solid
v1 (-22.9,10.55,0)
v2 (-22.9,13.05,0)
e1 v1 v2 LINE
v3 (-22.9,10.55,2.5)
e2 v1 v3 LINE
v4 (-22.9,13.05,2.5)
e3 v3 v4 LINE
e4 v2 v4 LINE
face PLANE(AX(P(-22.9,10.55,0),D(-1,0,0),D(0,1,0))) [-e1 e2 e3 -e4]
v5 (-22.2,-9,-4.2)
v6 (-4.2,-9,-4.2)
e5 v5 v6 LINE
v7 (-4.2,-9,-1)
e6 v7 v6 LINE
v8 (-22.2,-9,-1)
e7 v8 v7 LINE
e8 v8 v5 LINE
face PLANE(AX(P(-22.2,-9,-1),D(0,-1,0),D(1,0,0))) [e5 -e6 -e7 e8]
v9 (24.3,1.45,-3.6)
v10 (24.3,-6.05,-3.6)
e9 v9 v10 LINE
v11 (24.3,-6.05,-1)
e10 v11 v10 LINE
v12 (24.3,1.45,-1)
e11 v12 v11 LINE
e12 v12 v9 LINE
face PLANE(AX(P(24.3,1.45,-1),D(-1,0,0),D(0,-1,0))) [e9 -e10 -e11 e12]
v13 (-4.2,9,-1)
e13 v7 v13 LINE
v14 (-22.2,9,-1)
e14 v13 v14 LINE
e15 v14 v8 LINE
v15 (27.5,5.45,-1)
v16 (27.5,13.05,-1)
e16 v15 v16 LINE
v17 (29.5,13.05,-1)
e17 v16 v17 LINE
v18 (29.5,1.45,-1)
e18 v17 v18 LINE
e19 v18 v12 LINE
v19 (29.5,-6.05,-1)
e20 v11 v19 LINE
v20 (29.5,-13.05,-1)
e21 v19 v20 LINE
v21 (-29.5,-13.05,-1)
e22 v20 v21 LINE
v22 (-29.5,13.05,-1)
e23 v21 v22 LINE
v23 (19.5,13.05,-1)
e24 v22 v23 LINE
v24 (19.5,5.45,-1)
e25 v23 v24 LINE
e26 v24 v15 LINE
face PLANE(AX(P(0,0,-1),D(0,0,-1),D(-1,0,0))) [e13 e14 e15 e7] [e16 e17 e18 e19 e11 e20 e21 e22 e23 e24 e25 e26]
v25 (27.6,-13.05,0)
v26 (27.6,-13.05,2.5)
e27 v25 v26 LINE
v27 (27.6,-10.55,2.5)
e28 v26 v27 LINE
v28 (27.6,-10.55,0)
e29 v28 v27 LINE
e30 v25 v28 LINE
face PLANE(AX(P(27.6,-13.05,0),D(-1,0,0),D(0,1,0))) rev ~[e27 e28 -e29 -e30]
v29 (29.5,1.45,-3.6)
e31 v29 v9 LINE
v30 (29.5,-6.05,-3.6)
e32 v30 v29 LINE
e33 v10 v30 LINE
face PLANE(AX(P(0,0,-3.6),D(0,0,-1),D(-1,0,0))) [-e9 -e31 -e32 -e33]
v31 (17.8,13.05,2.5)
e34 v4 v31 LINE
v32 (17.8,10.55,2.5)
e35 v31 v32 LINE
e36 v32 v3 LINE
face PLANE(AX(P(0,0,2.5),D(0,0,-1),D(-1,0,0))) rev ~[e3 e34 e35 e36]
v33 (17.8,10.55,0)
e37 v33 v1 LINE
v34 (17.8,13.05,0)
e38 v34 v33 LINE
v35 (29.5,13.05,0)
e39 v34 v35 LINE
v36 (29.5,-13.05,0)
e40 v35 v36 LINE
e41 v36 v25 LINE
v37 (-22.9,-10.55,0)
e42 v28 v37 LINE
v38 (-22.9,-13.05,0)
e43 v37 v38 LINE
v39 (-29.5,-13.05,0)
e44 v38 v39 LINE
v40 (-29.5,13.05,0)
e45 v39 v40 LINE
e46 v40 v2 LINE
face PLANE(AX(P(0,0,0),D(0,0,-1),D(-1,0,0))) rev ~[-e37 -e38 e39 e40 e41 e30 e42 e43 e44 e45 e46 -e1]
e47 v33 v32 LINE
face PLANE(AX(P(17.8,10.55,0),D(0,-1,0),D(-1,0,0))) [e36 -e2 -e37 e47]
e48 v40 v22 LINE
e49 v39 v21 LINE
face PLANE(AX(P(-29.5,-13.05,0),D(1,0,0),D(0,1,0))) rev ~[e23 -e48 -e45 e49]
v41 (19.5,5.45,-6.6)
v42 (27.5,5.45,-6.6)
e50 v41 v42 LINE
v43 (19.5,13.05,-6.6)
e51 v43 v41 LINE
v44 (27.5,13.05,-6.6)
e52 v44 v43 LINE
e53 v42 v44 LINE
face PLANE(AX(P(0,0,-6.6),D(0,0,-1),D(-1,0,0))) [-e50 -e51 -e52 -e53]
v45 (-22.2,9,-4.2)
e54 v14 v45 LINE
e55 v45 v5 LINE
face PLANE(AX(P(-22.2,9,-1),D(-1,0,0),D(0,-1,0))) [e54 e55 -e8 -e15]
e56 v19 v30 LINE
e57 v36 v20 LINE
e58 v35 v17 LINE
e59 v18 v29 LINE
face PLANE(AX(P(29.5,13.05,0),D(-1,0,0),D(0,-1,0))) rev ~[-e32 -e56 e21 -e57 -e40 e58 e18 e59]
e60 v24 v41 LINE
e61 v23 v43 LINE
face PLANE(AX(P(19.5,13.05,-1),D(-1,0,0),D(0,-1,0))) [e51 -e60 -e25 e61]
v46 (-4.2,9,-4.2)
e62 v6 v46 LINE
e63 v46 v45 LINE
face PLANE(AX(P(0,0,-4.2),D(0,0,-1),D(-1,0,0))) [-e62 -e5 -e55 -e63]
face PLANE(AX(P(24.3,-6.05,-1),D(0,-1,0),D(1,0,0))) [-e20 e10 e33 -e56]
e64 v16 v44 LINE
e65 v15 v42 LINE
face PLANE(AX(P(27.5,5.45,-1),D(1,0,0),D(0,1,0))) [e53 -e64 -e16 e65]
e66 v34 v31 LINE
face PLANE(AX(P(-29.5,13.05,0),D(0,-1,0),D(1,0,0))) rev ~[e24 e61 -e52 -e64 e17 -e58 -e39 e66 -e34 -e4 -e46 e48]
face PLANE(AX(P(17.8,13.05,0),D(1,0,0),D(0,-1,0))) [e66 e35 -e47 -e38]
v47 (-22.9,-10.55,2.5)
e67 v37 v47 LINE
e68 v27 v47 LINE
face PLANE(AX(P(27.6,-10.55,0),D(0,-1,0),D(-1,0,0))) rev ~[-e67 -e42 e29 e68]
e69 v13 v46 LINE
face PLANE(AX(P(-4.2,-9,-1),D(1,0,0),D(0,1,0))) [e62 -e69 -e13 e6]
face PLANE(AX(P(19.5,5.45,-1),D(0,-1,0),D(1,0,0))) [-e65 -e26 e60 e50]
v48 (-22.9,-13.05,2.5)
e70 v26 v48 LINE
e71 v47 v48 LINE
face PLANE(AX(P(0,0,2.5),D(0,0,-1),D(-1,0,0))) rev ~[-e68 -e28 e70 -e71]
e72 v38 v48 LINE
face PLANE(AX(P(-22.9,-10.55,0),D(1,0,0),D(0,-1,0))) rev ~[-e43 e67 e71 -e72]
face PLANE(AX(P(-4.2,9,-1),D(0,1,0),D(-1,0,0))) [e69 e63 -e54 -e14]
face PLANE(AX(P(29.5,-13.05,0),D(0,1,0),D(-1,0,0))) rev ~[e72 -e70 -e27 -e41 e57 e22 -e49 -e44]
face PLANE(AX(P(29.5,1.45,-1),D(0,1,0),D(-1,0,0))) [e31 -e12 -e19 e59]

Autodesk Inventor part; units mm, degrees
ref_plane "YZ Plane" through (0, 0, 0) normal (1, 0, 0) x (0, 1, 0)
ref_plane "XZ Plane" through (0, 0, 0) normal (0, 1, 0) x (-1, 0, 0)
ref_plane "Arbeitsebene1" through (0, 0, 0) normal (0, 0, -1) x (-1, 0, 0)
sketch "Skizze5" plane through (0, 0, 0) normal (0, 0, -1) x (-1, 0, 0)
  line L0 (29.5, 13.05) -> (-29.5, 13.05)
  line L1 (-29.5, 13.05) -> (-29.5, -13.05)
  line L2 (-29.5, -13.05) -> (29.5, -13.05)
  line L3 (29.5, -13.05) -> (29.5, 13.05)
  point P0 (0, 0)
  point P1 (29.5, 0)
  point P2 (0, -13.05)
  dimension "d70" = 26.1
  dimension "d71" = 59
extrude "Extrusion5" add sketch "Skizze5" along normal blind 1
sketch "Skizze4" plane through (0, 0, 0) normal (0, 0, -1) x (-1, 0, 0)
  line L0 (22.9, 13.05) -> (-17.8, 13.05)
  line L1 (-17.8, 13.05) -> (-17.8, 10.55)
  line L2 (-17.8, 10.55) -> (22.9, 10.55)
  line L3 (22.9, 10.55) -> (22.9, 13.05)
  line L4 (29.5, -13.05) -> (29.5, 13.05) projected
  line L5 (-29.5, -13.05) -> (29.5, -13.05) projected
  line L6 (29.5, 13.05) -> (-29.5, 13.05) projected
  line L7 (22.9, -13.05) -> (-27.6, -13.05)
  line L8 (-27.6, -13.05) -> (-27.6, -10.55)
  line L9 (-27.6, -10.55) -> (22.9, -10.55)
  line L10 (22.9, -10.55) -> (22.9, -13.05)
  dimension "d68" = 40.7
  dimension "d69" = 2.5
  dimension "d77" = 6.6
  dimension "d78" = 50.5
extrude "Extrusion4" add sketch "Skizze4" against normal blind 2.5
sketch "Skizze6" plane through (0, 0, -1) normal (0, 0, -1) x (-1, 0, 0)
  line L0 (22.2, -9) -> (4.2, -9)
  line L1 (4.2, -9) -> (4.2, 9)
  line L2 (4.2, 9) -> (22.2, 9)
  line L3 (22.2, 9) -> (22.2, -9)
  line L4 (29.5, -13.05) -> (29.5, 13.05) projected
  point P0 (0, 0)
  point P1 (4.2, 0)
  dimension "d26" = 18
  dimension "d27" = 18
  dimension "d72" = 7.3
extrude "Extrusion6" add sketch "Skizze6" along normal blind 3.2
sketch "Skizze7" plane through (0, 0, -1) normal (0, 0, -1) x (-1, 0, 0)
  line L0 (-24.3, -6.05) -> (-29.5, -6.05)
  line L1 (-29.5, -6.05) -> (-29.5, 1.45)
  line L2 (-29.5, 1.45) -> (-24.3, 1.45)
  line L3 (-24.3, 1.45) -> (-24.3, -6.05)
  line L4 (-29.5, 13.05) -> (-29.5, -13.05) projected
  line L5 (-29.5, -13.05) -> (29.5, -13.05) projected
  point P0 (0, 0)
  dimension "d31" = 7.5
  dimension "d32" = 5.2
  dimension "d73" = 7
  dimension "d74" = 0
extrude "Extrusion7" add sketch "Skizze7" along normal blind 2.6
sketch "Skizze8" plane through (0, 0, -1) normal (0, 0, -1) x (-1, 0, 0)
  line L0 (-19.5, 5.45) -> (-27.5, 5.45)
  line L1 (-27.5, 5.45) -> (-27.5, 13.05)
  line L2 (-27.5, 13.05) -> (-19.5, 13.05)
  line L3 (-19.5, 13.05) -> (-19.5, 5.45)
  line L4 (29.5, 13.05) -> (-29.5, 13.05) projected
  line L5 (-29.5, 13.05) -> (-29.5, 1.45) projected
  point P0 (0, 0)
  dimension "d36" = 7.6
  dimension "d37" = 8
  dimension "d75" = 0
  dimension "d79" = 2
extrude "Extrusion8" add sketch "Skizze8" along normal blind 5.6
properties part number "Dummy_ESP32_LOLIN_D32"
